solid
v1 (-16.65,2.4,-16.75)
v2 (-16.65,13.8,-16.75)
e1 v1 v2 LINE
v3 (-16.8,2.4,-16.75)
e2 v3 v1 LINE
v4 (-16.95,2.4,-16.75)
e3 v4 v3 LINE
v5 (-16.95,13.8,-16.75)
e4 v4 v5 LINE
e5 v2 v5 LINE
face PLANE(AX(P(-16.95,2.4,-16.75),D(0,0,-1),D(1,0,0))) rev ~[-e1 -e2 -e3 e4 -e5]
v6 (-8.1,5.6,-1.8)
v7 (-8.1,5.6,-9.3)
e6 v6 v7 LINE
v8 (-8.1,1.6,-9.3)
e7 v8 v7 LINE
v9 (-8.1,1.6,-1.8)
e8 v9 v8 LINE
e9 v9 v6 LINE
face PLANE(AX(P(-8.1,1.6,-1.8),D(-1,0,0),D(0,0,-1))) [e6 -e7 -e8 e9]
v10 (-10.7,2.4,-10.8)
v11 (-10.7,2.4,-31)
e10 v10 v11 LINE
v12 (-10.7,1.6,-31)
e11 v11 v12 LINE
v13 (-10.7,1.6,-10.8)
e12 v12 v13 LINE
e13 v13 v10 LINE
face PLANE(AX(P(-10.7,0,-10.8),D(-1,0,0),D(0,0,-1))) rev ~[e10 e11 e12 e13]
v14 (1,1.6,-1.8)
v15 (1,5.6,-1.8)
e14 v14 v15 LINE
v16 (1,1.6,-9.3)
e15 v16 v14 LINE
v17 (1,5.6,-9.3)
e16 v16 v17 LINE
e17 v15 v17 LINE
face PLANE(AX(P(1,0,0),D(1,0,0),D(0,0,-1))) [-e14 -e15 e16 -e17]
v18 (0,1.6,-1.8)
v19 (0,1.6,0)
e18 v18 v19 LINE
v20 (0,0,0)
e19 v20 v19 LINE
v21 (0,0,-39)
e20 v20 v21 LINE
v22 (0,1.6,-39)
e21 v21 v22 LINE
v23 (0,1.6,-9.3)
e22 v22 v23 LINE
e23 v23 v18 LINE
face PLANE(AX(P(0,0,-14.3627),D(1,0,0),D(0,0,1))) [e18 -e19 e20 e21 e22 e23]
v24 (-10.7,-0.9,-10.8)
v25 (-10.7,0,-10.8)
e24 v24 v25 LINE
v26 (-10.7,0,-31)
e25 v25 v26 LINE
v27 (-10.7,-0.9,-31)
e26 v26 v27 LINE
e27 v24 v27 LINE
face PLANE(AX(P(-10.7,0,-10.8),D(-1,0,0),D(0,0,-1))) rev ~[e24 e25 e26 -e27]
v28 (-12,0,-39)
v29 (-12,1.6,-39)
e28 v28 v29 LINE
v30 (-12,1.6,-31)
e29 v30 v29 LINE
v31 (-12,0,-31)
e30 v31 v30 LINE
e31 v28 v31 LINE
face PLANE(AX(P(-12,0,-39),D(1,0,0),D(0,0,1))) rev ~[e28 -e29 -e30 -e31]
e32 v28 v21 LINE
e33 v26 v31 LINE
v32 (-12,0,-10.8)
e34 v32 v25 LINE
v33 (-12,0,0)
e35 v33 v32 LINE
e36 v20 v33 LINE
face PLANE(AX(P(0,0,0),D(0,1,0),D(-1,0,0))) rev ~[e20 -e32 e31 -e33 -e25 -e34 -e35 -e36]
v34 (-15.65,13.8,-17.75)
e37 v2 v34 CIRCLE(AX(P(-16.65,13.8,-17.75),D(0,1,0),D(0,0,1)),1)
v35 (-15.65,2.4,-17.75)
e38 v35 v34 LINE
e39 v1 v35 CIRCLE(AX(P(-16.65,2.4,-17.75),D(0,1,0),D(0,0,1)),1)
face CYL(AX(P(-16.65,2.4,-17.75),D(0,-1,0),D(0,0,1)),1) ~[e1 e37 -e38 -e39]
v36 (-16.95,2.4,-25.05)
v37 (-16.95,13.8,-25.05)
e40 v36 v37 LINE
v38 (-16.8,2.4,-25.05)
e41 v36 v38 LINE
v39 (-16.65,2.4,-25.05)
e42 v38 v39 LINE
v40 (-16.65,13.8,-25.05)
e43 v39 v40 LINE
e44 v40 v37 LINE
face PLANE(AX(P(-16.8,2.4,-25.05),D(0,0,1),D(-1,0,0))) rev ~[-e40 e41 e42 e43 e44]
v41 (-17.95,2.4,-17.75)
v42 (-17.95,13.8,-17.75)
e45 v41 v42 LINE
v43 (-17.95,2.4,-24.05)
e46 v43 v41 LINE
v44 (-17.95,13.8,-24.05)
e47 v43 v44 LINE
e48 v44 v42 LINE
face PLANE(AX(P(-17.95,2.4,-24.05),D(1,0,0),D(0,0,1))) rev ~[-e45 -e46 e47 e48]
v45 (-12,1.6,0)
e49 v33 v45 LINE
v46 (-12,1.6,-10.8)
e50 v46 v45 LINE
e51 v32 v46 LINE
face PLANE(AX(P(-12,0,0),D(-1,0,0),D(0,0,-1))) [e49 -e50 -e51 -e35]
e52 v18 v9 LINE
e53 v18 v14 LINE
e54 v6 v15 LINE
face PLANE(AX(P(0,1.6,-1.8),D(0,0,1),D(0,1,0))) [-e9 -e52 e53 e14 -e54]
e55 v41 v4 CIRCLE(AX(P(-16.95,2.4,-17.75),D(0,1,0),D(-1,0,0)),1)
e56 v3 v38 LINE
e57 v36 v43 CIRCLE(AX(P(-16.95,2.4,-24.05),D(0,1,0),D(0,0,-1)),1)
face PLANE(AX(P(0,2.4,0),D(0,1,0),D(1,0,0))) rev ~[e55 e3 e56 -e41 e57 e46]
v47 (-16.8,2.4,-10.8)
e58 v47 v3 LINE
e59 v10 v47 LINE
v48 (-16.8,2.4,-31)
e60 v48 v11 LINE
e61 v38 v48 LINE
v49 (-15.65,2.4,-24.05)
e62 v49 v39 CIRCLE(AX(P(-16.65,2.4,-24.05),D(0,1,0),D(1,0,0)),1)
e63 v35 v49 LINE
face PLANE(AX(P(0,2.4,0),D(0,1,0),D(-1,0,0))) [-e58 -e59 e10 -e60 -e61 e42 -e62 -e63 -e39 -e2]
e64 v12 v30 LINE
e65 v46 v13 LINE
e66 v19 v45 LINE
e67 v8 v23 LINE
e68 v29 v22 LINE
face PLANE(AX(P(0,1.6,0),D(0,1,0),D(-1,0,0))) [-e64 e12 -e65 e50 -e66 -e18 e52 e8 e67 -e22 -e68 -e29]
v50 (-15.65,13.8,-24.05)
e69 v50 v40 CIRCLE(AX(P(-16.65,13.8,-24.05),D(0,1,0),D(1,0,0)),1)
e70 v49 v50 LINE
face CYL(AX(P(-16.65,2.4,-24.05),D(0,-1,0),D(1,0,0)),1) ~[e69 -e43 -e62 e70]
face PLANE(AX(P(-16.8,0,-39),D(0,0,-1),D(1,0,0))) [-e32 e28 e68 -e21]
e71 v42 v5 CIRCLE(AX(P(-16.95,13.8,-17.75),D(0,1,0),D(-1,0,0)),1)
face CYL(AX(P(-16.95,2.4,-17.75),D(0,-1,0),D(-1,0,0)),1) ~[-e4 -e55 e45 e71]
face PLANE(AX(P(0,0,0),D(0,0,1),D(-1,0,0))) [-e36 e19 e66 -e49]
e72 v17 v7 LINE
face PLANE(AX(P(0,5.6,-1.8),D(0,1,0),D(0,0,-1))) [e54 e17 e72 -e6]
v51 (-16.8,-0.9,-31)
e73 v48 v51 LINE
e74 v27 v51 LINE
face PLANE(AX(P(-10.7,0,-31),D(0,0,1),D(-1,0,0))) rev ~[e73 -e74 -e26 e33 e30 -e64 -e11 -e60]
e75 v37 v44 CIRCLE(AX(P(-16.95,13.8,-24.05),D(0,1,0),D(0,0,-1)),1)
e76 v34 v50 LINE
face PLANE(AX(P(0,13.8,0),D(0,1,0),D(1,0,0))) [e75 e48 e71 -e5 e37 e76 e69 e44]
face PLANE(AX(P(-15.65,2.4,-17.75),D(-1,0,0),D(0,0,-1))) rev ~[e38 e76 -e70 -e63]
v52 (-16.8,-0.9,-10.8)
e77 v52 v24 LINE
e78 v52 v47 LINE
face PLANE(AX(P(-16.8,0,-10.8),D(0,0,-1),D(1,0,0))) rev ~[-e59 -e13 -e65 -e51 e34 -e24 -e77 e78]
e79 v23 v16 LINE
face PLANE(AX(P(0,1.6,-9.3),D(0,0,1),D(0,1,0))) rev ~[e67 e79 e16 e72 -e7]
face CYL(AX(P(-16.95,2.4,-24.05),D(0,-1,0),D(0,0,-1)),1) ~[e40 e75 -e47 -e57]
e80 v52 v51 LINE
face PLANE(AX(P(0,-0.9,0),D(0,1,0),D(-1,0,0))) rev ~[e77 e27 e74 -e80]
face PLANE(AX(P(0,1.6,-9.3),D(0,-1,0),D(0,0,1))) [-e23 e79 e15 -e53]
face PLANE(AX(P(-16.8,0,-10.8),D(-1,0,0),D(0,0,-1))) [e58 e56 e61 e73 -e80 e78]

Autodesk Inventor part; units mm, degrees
ref_plane "YZ Plane" through (0, 0, 0) normal (1, 0, 0) x (0, 1, 0)
ref_plane "XZ Plane" through (0, 0, 0) normal (0, 1, 0) x (-1, 0, 0)
ref_plane "XY Plane" through (0, 0, 0) normal (0, 0, 1) x (1, 0, 0)
sketch "Sketch1" plane through (0, 0, 0) normal (0, 1, 0) x (-1, 0, 0)
  line L0 (0, 0) -> (16.8, 0)
  line L1 (16.8, 0) -> (16.8, -39)
  line L2 (16.8, -39) -> (0, -39)
  line L3 (0, -39) -> (0, 0)
  line L4 (16.8, -10.8) -> (10.7, -10.8)
  line L5 (10.7, -10.8) -> (10.7, -31)
  line L6 (10.7, -31) -> (16.8, -31)
  line L7 (16.8, -31) -> (16.8, -10.8)
  line L8 (0, -25.4905) -> (10.7, -25.4905)
  line L9 (10.7, -25.4905) -> (10.7, -14.3627)
  line L10 (10.7, -14.3627) -> (0, -14.3627)
  line L11 (0, -14.3627) -> (0, -25.4905)
  dimension "d0" = 16.8
  dimension "d1" = 39
  dimension "d2" = 6.1
  dimension "d3" = 20.2
  dimension "d4" = 0
  dimension "d5" = 10.7
  dimension "d6" = 8
extrude "Extrusion1" add sketch "Sketch1" along normal blind 1.6 contours L0 L1 L4 L5 L10 L3 | L10 L5 L8 L3 | L8 L5 L6 L1 L2 L3
extrude "Extrusion2" add sketch "Sketch1" along normal blind 2.4 and the other way blind 0.9 contours L1 L6 L5 L4
sketch "Sketch2" plane through (0, 2.4, 0) normal (0, 1, 0) x (1, 0, 0)
  line L0 (-16.95, 16.75) -> (-16.65, 16.75)
  line L1 (-15.65, 17.75) -> (-15.65, 24.05)
  line L2 (-16.65, 25.05) -> (-16.95, 25.05)
  line L3 (-17.95, 24.05) -> (-17.95, 17.75)
  line L4 (-16.8, 31) -> (-16.8, 10.8) projected
  line L5 (-10.7, 31) -> (-16.8, 31) projected
  line L6 (-16.8, 10.8) -> (-10.7, 10.8) projected
  arc A0 (-16.95, 25.05) -> (-17.95, 24.05) centre (-16.95, 24.05) ccw
  arc A1 (-15.65, 24.05) -> (-16.65, 25.05) centre (-16.65, 24.05) ccw
  arc A2 (-17.95, 17.75) -> (-16.95, 16.75) centre (-16.95, 17.75) ccw
  arc A3 (-16.65, 16.75) -> (-15.65, 17.75) centre (-16.65, 17.75) ccw
  point P0 (0, 0)
  point P1 (-17.95, 16.75)
  point P2 (-15.65, 25.05)
  point P3 (-17.95, 25.05)
  dimension "d13" = 2.3
  dimension "d14" = 8.3
  dimension "d15" = 1.15
  dimension "d16" = 5.95
  dimension "d17" = 5.95
  dimension "d18" = 1
extrude "Extrusion3" add sketch "Sketch2" along normal blind 11.4
sketch "Sketch3" plane through (0, 0, 0) normal (0, -1, 0) x (1, 0, 0)
  line L0 (0, 0) -> (0, -39) projected
  line L1 (0, 0) -> (-12, 0)
  line L2 (-12, 0) -> (-12, -10.8)
  line L3 (-12, -10.8) -> (0, -10.8)
  line L4 (0, -10.8) -> (0, 0)
  line L5 (-10.7, -31) -> (-16.8, -31) projected
  line L6 (-12, -31) -> (0, -31)
  line L7 (0, -31) -> (0, -39)
  line L8 (0, -39) -> (-12, -39)
  line L9 (-12, -39) -> (-12, -31)
  line L10 (-16.8, -39) -> (-12, -39)
  line L11 (-12, -39) -> (-12, -31)
  line L12 (-12, -31) -> (-16.8, -31)
  line L13 (-16.8, -31) -> (-16.8, -39)
  line L14 (-16.8, -10.8) -> (-12, -10.8)
  line L15 (-12, -10.8) -> (-12, 0)
  line L16 (-12, 0) -> (-16.8, 0)
  line L17 (-16.8, 0) -> (-16.8, -10.8)
  dimension "d21" = 12
  dimension "d22" = 10.8
extrude "Extrusion4" cut sketch "Sketch3" against normal blind 10.1 contours L2 L14 L17 L16 | L10 L13 L5 L9
sketch "Sketch4" plane through (0, 1.6, 0) normal (0, 1, 0) x (1, 0, 0)
  line L0 (0, 0) -> (0, 39) projected
  line L1 (0, 1.8) -> (-8.1, 1.8)
  line L2 (-8.1, 1.8) -> (-8.1, 9.3)
  line L3 (-8.1, 9.3) -> (0, 9.3)
  line L4 (0, 9.3) -> (0, 1.8)
  line L5 (-12, 0) -> (0, 0) projected
  point P0 (0, 9.3)
  dimension "d25" = 8.1
  dimension "d26" = 7.5
  dimension "d27" = 1.8
extrude "Extrusion5" add sketch "Sketch4" along normal blind 4
sketch "Sketch5" plane through (0, 0, 0) normal (1, 0, 0) x (0, 0, -1)
  line L0 (1.8, 5.6) -> (9.3, 5.6) projected
  line L1 (9.3, 1.6) -> (9.3, 5.6) projected
  line L2 (1.8, 5.6) -> (9.3, 5.6)
  line L3 (9.3, 5.6) -> (9.3, 1.6)
  line L4 (9.3, 1.6) -> (1.8, 1.6)
  line L5 (1.8, 1.6) -> (1.8, 5.6)
  point P0 (0, 0)
extrude "Extrusion6" add sketch "Sketch5" along normal blind 1
properties part number "eonPCB"
